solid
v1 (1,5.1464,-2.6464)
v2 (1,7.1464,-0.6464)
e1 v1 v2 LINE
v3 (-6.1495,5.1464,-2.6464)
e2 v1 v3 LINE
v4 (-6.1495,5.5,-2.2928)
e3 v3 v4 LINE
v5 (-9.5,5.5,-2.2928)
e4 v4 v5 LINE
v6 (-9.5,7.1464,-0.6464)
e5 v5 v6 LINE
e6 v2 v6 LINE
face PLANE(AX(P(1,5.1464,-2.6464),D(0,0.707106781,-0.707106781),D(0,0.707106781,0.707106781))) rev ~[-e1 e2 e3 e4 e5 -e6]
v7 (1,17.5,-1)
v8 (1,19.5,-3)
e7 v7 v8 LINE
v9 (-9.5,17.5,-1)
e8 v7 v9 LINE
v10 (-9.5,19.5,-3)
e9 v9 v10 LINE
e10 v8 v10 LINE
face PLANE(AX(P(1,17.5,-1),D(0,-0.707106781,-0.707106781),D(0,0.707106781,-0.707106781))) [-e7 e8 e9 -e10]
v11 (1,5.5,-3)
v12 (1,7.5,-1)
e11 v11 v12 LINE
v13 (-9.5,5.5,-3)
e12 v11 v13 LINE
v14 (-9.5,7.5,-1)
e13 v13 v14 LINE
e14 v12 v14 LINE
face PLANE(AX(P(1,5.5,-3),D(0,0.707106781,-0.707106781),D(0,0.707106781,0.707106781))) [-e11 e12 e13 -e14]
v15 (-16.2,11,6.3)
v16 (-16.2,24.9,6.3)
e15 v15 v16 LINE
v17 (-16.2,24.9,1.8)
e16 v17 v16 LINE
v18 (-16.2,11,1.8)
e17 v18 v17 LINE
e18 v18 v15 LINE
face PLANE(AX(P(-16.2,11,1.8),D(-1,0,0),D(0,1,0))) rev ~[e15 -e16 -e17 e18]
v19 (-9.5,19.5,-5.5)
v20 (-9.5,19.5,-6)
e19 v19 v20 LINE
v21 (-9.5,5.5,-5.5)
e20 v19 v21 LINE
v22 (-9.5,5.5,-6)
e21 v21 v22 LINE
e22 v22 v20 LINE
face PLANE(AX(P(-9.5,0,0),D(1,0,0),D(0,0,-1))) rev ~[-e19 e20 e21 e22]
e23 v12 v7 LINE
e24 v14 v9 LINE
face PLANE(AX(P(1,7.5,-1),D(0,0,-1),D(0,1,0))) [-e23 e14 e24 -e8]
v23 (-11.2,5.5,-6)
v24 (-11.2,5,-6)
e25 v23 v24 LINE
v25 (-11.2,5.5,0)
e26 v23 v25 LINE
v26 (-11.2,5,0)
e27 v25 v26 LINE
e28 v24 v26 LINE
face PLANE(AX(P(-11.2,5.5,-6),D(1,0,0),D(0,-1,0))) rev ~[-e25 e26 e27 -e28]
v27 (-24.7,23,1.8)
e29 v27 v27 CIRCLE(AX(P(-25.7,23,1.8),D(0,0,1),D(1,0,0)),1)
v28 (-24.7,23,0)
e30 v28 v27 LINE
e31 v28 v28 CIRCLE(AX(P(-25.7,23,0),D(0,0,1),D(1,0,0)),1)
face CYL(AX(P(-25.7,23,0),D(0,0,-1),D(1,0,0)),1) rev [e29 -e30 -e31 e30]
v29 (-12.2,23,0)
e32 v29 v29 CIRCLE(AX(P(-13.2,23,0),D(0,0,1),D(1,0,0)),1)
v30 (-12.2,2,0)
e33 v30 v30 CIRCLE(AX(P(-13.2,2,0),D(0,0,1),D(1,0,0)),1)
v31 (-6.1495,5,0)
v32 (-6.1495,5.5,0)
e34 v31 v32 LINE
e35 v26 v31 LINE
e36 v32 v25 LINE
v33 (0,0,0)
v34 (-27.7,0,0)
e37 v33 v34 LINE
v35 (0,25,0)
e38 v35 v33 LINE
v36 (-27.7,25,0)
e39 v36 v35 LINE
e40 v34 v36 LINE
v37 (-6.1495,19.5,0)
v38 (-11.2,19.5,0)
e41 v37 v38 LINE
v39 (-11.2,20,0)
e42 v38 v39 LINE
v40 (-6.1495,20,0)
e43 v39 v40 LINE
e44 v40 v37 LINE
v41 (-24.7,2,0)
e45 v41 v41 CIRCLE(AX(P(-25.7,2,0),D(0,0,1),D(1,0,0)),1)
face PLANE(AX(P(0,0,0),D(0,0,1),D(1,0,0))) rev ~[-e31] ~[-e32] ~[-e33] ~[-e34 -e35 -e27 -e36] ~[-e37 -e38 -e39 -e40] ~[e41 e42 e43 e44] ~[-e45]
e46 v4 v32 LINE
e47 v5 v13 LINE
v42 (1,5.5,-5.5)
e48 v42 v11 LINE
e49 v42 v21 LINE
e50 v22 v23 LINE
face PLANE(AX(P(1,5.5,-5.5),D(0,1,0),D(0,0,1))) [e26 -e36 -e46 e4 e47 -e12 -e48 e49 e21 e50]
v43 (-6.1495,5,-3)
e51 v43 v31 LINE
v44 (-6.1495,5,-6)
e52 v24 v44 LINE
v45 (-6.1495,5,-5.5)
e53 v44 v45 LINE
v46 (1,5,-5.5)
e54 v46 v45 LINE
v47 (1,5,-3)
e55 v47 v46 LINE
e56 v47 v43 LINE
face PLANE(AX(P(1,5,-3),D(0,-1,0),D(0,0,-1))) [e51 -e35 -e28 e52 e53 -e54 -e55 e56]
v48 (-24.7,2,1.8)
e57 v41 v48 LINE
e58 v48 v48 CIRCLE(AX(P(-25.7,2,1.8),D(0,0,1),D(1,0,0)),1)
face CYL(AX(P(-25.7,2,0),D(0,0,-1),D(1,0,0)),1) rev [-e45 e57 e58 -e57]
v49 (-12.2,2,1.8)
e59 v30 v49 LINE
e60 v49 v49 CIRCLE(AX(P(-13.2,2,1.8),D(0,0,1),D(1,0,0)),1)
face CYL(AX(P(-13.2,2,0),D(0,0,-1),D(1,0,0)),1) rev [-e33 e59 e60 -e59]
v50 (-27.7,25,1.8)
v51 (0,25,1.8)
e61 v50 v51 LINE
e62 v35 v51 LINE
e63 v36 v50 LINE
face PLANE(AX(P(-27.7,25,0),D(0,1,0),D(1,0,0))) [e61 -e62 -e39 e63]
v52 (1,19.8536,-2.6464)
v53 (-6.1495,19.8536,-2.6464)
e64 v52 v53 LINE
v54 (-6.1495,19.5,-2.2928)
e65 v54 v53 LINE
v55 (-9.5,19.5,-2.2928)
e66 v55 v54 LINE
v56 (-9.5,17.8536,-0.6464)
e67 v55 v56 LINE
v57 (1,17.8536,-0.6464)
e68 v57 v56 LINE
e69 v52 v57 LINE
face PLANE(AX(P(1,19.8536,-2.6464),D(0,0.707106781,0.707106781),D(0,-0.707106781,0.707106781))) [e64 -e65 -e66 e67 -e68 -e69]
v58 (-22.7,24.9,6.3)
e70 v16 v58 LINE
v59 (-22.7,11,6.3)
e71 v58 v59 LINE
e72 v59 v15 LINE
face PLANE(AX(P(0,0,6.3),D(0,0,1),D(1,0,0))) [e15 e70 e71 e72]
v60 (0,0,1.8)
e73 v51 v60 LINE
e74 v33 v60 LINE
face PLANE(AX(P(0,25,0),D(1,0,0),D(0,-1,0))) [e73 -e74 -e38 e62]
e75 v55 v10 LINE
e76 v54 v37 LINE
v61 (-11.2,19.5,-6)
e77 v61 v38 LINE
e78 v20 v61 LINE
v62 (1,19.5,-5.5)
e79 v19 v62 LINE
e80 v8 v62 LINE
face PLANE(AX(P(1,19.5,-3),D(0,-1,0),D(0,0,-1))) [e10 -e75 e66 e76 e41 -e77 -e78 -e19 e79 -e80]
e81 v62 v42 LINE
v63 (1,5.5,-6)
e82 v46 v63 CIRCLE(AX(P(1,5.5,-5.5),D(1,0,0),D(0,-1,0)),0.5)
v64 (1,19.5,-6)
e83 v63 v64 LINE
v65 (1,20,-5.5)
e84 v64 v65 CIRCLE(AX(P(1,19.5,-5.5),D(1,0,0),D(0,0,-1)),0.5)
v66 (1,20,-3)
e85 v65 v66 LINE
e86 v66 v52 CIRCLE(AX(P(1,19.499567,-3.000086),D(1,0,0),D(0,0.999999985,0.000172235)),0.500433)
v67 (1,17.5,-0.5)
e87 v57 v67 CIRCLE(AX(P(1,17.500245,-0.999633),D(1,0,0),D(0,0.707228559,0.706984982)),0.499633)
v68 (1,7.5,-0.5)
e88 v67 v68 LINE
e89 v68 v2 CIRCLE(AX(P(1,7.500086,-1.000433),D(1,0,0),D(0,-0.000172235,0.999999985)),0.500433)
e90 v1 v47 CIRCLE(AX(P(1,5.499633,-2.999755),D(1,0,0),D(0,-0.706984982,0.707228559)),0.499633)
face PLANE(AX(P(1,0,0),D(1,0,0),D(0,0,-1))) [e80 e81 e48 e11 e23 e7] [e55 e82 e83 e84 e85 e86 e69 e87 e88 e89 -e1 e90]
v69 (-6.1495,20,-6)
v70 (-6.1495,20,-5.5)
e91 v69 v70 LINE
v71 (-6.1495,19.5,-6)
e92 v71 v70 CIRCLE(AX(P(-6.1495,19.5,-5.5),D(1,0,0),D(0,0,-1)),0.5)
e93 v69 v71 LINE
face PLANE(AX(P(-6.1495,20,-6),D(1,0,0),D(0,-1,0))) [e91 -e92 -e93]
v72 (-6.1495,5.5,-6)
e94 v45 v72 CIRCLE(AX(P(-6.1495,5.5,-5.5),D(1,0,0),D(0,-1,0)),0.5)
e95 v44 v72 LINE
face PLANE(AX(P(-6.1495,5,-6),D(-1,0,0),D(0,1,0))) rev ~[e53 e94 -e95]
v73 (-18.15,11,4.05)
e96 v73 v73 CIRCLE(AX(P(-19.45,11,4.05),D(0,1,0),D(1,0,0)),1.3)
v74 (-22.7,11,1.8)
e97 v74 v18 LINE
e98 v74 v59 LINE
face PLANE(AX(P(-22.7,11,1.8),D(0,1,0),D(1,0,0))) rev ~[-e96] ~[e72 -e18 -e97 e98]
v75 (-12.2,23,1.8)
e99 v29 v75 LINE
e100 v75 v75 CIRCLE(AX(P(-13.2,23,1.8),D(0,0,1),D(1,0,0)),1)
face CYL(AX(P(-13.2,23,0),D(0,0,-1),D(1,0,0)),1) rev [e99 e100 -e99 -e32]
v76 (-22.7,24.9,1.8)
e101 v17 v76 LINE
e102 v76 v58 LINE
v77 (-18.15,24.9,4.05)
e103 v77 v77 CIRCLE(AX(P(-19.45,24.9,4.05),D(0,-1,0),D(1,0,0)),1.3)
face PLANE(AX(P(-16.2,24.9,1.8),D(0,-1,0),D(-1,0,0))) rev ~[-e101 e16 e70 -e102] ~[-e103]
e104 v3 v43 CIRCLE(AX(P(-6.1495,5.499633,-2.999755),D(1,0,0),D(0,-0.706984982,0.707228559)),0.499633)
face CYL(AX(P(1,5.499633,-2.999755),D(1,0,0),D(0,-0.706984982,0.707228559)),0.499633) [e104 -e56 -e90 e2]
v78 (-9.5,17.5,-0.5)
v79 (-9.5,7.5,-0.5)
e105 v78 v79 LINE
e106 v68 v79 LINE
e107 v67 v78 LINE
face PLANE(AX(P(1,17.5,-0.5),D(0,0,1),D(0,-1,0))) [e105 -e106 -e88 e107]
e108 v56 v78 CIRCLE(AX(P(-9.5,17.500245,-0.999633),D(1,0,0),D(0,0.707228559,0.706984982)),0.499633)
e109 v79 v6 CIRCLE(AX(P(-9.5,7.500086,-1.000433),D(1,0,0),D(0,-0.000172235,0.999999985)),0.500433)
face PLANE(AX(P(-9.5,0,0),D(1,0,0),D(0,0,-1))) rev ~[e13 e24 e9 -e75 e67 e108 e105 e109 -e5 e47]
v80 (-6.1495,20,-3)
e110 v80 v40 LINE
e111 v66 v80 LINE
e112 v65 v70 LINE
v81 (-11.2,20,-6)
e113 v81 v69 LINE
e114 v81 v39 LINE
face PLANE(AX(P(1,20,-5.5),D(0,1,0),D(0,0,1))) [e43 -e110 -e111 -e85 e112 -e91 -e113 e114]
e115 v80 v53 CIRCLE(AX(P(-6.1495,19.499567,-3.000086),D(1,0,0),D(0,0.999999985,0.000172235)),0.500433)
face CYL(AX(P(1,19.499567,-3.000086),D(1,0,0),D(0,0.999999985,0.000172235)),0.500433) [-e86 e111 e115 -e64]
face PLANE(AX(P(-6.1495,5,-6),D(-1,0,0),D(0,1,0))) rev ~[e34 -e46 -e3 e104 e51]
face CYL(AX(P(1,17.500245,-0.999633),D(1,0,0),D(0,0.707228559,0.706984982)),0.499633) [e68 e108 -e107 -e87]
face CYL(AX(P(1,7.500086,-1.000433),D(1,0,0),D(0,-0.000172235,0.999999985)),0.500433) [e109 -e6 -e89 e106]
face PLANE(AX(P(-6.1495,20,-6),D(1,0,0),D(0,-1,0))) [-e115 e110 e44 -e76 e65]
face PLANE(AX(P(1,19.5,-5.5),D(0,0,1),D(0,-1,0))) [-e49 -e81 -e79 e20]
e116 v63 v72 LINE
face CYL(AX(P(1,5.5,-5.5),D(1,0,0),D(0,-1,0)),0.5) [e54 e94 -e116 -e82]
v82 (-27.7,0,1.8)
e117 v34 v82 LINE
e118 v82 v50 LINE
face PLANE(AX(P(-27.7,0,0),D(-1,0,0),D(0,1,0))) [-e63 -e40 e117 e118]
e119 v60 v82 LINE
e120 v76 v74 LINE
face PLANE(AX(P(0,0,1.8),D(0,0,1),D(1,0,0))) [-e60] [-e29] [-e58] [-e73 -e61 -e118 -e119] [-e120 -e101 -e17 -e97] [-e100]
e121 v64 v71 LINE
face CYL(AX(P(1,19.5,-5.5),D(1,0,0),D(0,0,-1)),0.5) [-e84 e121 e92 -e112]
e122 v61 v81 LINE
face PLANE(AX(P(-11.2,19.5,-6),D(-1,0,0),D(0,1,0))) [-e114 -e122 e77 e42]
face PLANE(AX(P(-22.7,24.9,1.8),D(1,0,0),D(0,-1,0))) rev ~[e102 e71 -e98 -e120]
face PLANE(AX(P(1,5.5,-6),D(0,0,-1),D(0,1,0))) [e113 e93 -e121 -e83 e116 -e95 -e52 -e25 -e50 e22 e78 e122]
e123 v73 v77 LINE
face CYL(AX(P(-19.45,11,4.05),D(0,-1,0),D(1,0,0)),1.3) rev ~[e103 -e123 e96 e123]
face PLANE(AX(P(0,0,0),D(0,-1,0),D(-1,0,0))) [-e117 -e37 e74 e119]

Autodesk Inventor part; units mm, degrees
ref_plane "YZ Plane" through (0, 0, 0) normal (1, 0, 0) x (0, 1, 0)
ref_plane "XZ Plane" through (0, 0, 0) normal (0, 1, 0) x (-1, 0, 0)
ref_plane "XY Plane" through (0, 0, 0) normal (0, 0, 1) x (1, 0, 0)
sketch "Sketch1" plane through (0, 0, 0) normal (0, 0, 1) x (1, 0, 0)
  line L0 (0, 0) -> (-27.7, 0)
  line L1 (-27.7, 0) -> (-27.7, 25)
  line L2 (-27.7, 25) -> (0, 25)
  line L3 (0, 25) -> (0, 0)
  circle A0 centre (-25.7, 23) radius 1
  circle A1 centre (-13.2, 23) radius 1
  circle A2 centre (-13.2, 2) radius 1
  circle A3 centre (-25.7, 2) radius 1
  line L4 (-25.7, 2) -> (-25.7, 23) construction
  line L5 (-25.7, 23) -> (-13.2, 23) construction
  line L6 (-13.2, 23) -> (-13.2, 2) construction
  line L7 (-13.2, 2) -> (-25.7, 2) construction
  line L8 (-13.2, 12.5) -> (0, 12.5) construction
  dimension "d0" = 25
  dimension "d1" = 27.7
  dimension "d2" = 12.5
  dimension "d3" = 21
  dimension "d4" = 2
  dimension "d5" = 2
extrude "Extrusion1" add sketch "Sketch1" along normal blind 1.8
sketch "Sketch2" plane through (0, 0, 1.8) normal (0, 0, 1) x (1, 0, 0)
  line L0 (0, 0) -> (0, 25) construction
  line L1 (0, 25) -> (-27.7, 25) construction
  line L2 (-27.7, 25) -> (-27.7, 0) construction
  line L3 (-27.7, 0) -> (0, 0) construction
  circle A0 centre (-25.7, 2) radius 1 construction
  circle A1 centre (-13.2, 2) radius 1 construction
  circle A2 centre (-13.2, 23) radius 1 construction
  circle A3 centre (-25.7, 23) radius 1 construction
  line L4 (-22.7, 11) -> (-16.2, 11)
  line L5 (-16.2, 11) -> (-16.2, 24.9)
  line L6 (-16.2, 24.9) -> (-22.7, 24.9)
  line L7 (-22.7, 24.9) -> (-22.7, 11)
  dimension "d8" = 6.5
  dimension "d10" = 5
  dimension "d33" = 14
  dimension "d34" = 0.1
extrude "Extrusion2" add sketch "Sketch2" along normal blind 4.5
ref_plane "Work Plane1" through (0, 25, 0) normal (0.7071, -0.7071, 0) x (0, 0, -1)
ref_plane "Work Plane2" through (-27.7, 26, 0) normal (0, 1, 0) x (1, 0, 0)
ref_plane "Work Plane3" through (1, 0, 0) normal (1, 0, 0) x (0, 0, -1)
sketch "Sketch4" plane through (1, 0, 0) normal (1, 0, 0) x (0, 0, -1)
  line L0 (5.5, 20) -> (3, 20)
  line L1 (0.5, 17.5) -> (0.5, 7.5)
  line L2 (3, 5) -> (5.5, 5)
  line L3 (6, 5.5) -> (6, 19.5)
  line L4 (0, 0) -> (0, 25) construction
  line L5 (2.6464, 19.8536) -> (0.6464, 17.8536)
  line L6 (2.6464, 5.1464) -> (0.6464, 7.1464)
  line L7 (6, 12.5) -> (0, 12.5) construction
  arc A0 (6, 19.5) -> (5.5, 20) centre (5.5, 19.5) ccw
  arc A1 (5.5, 5) -> (6, 5.5) centre (5.5, 5.5) ccw
  arc A2 (2.6464, 5.1464) -> (3, 5) centre (3, 5.5) ccw
  arc A3 (0.5, 7.5) -> (0.6464, 7.1464) centre (1, 7.5) ccw
  arc A4 (0.6464, 17.8536) -> (0.5, 17.5) centre (1, 17.5) ccw
  arc A5 (3, 20) -> (2.6464, 19.8536) centre (3, 19.5) ccw
  line L8 (5.5, 19.5) -> (5.5, 5.5)
  line L9 (5.5, 5.5) -> (3, 5.5)
  line L10 (3, 5.5) -> (1, 7.5)
  line L11 (1, 7.5) -> (1, 17.5)
  line L12 (1, 17.5) -> (3, 19.5)
  line L13 (3, 19.5) -> (5.5, 19.5)
  point P0 (6, 20)
  point P1 (6, 5)
  point P2 (0.5, 12.5)
  dimension "d17" = 0.5
  dimension "d19" = 15
  dimension "d20" = 5.5
  dimension "d21" = 0.5
  dimension "d22" = 135
  dimension "d23" = 3
  dimension "d24" = 0.5
extrude "Extrusion3" add sketch "Sketch4" against normal blind 10.5
sketch "Sketch5" plane through (1, 5.5, -6) normal (0, 0, -1) x (-1, 0, 0)
  line L0 (1, -5.5) -> (1, 19.5) construction
  line L1 (28.7, -5.5) -> (1, -5.5) construction
  line L2 (28.7, 19.5) -> (28.7, -5.5) construction
  line L3 (1, 19.5) -> (28.7, 19.5) construction
  circle A0 centre (26.7, -3.5) radius 1 construction
  circle A1 centre (14.2, -3.5) radius 1 construction
  circle A2 centre (14.2, 17.5) radius 1 construction
  circle A3 centre (26.7, 17.5) radius 1 construction
  line L4 (0, 0) -> (0, 14) construction
  line L5 (0, 0) -> (10.5, 0) construction
  line L6 (10.5, 14) -> (10.5, 0) construction
  line L7 (0, 14) -> (10.5, 14) construction
  line L8 (0, -0.5) -> (10.5, -0.5) construction
  line L9 (1, -5.5) -> (1, 19.5) construction
  line L10 (28.7, -5.5) -> (1, -5.5) construction
  line L11 (28.7, 19.5) -> (28.7, -5.5) construction
  line L12 (1, 19.5) -> (28.7, 19.5) construction
  circle A4 centre (26.7, -3.5) radius 1 construction
  circle A5 centre (14.2, -3.5) radius 1 construction
  circle A6 centre (14.2, 17.5) radius 1 construction
  circle A7 centre (26.7, 17.5) radius 1 construction
  line L13 (0, 14.5) -> (10.5, 14.5) construction
  line L14 (12.2, 14.5) -> (7.1495, 14.5)
  line L15 (7.1495, 14.5) -> (7.1495, 14)
  line L16 (7.1495, 14) -> (12.2, 14)
  line L17 (12.2, 14) -> (12.2, 14.5)
  line L18 (12.2, -0.5) -> (7.1495, -0.5)
  line L19 (7.1495, -0.5) -> (7.1495, 0)
  line L20 (7.1495, 0) -> (12.2, 0)
  line L21 (12.2, 0) -> (12.2, -0.5)
  dimension "d27" = 12.2
extrude "Extrusion4" add sketch "Sketch5" against normal up to surface (6 mm away)
sketch "Sketch6" plane through (-22.7, 11, 1.8) normal (0, -1, 0) x (1, 0, 0)
  line L0 (6.5, 0) -> (0, 0) construction
  line L1 (6.5, 0) -> (6.5, 4.5) construction
  line L2 (0, 4.5) -> (6.5, 4.5) construction
  line L3 (0, 0) -> (0, 4.5) construction
  line L4 (6.5, 0) -> (0, 4.5)
  circle A0 centre (3.25, 2.25) radius 1.3
  point P0 (22.7, -1.8)
  dimension "d30" = 2.6
extrude "Extrusion5" cut sketch "Sketch6" against normal through all
properties part number "F001-PCB1"
